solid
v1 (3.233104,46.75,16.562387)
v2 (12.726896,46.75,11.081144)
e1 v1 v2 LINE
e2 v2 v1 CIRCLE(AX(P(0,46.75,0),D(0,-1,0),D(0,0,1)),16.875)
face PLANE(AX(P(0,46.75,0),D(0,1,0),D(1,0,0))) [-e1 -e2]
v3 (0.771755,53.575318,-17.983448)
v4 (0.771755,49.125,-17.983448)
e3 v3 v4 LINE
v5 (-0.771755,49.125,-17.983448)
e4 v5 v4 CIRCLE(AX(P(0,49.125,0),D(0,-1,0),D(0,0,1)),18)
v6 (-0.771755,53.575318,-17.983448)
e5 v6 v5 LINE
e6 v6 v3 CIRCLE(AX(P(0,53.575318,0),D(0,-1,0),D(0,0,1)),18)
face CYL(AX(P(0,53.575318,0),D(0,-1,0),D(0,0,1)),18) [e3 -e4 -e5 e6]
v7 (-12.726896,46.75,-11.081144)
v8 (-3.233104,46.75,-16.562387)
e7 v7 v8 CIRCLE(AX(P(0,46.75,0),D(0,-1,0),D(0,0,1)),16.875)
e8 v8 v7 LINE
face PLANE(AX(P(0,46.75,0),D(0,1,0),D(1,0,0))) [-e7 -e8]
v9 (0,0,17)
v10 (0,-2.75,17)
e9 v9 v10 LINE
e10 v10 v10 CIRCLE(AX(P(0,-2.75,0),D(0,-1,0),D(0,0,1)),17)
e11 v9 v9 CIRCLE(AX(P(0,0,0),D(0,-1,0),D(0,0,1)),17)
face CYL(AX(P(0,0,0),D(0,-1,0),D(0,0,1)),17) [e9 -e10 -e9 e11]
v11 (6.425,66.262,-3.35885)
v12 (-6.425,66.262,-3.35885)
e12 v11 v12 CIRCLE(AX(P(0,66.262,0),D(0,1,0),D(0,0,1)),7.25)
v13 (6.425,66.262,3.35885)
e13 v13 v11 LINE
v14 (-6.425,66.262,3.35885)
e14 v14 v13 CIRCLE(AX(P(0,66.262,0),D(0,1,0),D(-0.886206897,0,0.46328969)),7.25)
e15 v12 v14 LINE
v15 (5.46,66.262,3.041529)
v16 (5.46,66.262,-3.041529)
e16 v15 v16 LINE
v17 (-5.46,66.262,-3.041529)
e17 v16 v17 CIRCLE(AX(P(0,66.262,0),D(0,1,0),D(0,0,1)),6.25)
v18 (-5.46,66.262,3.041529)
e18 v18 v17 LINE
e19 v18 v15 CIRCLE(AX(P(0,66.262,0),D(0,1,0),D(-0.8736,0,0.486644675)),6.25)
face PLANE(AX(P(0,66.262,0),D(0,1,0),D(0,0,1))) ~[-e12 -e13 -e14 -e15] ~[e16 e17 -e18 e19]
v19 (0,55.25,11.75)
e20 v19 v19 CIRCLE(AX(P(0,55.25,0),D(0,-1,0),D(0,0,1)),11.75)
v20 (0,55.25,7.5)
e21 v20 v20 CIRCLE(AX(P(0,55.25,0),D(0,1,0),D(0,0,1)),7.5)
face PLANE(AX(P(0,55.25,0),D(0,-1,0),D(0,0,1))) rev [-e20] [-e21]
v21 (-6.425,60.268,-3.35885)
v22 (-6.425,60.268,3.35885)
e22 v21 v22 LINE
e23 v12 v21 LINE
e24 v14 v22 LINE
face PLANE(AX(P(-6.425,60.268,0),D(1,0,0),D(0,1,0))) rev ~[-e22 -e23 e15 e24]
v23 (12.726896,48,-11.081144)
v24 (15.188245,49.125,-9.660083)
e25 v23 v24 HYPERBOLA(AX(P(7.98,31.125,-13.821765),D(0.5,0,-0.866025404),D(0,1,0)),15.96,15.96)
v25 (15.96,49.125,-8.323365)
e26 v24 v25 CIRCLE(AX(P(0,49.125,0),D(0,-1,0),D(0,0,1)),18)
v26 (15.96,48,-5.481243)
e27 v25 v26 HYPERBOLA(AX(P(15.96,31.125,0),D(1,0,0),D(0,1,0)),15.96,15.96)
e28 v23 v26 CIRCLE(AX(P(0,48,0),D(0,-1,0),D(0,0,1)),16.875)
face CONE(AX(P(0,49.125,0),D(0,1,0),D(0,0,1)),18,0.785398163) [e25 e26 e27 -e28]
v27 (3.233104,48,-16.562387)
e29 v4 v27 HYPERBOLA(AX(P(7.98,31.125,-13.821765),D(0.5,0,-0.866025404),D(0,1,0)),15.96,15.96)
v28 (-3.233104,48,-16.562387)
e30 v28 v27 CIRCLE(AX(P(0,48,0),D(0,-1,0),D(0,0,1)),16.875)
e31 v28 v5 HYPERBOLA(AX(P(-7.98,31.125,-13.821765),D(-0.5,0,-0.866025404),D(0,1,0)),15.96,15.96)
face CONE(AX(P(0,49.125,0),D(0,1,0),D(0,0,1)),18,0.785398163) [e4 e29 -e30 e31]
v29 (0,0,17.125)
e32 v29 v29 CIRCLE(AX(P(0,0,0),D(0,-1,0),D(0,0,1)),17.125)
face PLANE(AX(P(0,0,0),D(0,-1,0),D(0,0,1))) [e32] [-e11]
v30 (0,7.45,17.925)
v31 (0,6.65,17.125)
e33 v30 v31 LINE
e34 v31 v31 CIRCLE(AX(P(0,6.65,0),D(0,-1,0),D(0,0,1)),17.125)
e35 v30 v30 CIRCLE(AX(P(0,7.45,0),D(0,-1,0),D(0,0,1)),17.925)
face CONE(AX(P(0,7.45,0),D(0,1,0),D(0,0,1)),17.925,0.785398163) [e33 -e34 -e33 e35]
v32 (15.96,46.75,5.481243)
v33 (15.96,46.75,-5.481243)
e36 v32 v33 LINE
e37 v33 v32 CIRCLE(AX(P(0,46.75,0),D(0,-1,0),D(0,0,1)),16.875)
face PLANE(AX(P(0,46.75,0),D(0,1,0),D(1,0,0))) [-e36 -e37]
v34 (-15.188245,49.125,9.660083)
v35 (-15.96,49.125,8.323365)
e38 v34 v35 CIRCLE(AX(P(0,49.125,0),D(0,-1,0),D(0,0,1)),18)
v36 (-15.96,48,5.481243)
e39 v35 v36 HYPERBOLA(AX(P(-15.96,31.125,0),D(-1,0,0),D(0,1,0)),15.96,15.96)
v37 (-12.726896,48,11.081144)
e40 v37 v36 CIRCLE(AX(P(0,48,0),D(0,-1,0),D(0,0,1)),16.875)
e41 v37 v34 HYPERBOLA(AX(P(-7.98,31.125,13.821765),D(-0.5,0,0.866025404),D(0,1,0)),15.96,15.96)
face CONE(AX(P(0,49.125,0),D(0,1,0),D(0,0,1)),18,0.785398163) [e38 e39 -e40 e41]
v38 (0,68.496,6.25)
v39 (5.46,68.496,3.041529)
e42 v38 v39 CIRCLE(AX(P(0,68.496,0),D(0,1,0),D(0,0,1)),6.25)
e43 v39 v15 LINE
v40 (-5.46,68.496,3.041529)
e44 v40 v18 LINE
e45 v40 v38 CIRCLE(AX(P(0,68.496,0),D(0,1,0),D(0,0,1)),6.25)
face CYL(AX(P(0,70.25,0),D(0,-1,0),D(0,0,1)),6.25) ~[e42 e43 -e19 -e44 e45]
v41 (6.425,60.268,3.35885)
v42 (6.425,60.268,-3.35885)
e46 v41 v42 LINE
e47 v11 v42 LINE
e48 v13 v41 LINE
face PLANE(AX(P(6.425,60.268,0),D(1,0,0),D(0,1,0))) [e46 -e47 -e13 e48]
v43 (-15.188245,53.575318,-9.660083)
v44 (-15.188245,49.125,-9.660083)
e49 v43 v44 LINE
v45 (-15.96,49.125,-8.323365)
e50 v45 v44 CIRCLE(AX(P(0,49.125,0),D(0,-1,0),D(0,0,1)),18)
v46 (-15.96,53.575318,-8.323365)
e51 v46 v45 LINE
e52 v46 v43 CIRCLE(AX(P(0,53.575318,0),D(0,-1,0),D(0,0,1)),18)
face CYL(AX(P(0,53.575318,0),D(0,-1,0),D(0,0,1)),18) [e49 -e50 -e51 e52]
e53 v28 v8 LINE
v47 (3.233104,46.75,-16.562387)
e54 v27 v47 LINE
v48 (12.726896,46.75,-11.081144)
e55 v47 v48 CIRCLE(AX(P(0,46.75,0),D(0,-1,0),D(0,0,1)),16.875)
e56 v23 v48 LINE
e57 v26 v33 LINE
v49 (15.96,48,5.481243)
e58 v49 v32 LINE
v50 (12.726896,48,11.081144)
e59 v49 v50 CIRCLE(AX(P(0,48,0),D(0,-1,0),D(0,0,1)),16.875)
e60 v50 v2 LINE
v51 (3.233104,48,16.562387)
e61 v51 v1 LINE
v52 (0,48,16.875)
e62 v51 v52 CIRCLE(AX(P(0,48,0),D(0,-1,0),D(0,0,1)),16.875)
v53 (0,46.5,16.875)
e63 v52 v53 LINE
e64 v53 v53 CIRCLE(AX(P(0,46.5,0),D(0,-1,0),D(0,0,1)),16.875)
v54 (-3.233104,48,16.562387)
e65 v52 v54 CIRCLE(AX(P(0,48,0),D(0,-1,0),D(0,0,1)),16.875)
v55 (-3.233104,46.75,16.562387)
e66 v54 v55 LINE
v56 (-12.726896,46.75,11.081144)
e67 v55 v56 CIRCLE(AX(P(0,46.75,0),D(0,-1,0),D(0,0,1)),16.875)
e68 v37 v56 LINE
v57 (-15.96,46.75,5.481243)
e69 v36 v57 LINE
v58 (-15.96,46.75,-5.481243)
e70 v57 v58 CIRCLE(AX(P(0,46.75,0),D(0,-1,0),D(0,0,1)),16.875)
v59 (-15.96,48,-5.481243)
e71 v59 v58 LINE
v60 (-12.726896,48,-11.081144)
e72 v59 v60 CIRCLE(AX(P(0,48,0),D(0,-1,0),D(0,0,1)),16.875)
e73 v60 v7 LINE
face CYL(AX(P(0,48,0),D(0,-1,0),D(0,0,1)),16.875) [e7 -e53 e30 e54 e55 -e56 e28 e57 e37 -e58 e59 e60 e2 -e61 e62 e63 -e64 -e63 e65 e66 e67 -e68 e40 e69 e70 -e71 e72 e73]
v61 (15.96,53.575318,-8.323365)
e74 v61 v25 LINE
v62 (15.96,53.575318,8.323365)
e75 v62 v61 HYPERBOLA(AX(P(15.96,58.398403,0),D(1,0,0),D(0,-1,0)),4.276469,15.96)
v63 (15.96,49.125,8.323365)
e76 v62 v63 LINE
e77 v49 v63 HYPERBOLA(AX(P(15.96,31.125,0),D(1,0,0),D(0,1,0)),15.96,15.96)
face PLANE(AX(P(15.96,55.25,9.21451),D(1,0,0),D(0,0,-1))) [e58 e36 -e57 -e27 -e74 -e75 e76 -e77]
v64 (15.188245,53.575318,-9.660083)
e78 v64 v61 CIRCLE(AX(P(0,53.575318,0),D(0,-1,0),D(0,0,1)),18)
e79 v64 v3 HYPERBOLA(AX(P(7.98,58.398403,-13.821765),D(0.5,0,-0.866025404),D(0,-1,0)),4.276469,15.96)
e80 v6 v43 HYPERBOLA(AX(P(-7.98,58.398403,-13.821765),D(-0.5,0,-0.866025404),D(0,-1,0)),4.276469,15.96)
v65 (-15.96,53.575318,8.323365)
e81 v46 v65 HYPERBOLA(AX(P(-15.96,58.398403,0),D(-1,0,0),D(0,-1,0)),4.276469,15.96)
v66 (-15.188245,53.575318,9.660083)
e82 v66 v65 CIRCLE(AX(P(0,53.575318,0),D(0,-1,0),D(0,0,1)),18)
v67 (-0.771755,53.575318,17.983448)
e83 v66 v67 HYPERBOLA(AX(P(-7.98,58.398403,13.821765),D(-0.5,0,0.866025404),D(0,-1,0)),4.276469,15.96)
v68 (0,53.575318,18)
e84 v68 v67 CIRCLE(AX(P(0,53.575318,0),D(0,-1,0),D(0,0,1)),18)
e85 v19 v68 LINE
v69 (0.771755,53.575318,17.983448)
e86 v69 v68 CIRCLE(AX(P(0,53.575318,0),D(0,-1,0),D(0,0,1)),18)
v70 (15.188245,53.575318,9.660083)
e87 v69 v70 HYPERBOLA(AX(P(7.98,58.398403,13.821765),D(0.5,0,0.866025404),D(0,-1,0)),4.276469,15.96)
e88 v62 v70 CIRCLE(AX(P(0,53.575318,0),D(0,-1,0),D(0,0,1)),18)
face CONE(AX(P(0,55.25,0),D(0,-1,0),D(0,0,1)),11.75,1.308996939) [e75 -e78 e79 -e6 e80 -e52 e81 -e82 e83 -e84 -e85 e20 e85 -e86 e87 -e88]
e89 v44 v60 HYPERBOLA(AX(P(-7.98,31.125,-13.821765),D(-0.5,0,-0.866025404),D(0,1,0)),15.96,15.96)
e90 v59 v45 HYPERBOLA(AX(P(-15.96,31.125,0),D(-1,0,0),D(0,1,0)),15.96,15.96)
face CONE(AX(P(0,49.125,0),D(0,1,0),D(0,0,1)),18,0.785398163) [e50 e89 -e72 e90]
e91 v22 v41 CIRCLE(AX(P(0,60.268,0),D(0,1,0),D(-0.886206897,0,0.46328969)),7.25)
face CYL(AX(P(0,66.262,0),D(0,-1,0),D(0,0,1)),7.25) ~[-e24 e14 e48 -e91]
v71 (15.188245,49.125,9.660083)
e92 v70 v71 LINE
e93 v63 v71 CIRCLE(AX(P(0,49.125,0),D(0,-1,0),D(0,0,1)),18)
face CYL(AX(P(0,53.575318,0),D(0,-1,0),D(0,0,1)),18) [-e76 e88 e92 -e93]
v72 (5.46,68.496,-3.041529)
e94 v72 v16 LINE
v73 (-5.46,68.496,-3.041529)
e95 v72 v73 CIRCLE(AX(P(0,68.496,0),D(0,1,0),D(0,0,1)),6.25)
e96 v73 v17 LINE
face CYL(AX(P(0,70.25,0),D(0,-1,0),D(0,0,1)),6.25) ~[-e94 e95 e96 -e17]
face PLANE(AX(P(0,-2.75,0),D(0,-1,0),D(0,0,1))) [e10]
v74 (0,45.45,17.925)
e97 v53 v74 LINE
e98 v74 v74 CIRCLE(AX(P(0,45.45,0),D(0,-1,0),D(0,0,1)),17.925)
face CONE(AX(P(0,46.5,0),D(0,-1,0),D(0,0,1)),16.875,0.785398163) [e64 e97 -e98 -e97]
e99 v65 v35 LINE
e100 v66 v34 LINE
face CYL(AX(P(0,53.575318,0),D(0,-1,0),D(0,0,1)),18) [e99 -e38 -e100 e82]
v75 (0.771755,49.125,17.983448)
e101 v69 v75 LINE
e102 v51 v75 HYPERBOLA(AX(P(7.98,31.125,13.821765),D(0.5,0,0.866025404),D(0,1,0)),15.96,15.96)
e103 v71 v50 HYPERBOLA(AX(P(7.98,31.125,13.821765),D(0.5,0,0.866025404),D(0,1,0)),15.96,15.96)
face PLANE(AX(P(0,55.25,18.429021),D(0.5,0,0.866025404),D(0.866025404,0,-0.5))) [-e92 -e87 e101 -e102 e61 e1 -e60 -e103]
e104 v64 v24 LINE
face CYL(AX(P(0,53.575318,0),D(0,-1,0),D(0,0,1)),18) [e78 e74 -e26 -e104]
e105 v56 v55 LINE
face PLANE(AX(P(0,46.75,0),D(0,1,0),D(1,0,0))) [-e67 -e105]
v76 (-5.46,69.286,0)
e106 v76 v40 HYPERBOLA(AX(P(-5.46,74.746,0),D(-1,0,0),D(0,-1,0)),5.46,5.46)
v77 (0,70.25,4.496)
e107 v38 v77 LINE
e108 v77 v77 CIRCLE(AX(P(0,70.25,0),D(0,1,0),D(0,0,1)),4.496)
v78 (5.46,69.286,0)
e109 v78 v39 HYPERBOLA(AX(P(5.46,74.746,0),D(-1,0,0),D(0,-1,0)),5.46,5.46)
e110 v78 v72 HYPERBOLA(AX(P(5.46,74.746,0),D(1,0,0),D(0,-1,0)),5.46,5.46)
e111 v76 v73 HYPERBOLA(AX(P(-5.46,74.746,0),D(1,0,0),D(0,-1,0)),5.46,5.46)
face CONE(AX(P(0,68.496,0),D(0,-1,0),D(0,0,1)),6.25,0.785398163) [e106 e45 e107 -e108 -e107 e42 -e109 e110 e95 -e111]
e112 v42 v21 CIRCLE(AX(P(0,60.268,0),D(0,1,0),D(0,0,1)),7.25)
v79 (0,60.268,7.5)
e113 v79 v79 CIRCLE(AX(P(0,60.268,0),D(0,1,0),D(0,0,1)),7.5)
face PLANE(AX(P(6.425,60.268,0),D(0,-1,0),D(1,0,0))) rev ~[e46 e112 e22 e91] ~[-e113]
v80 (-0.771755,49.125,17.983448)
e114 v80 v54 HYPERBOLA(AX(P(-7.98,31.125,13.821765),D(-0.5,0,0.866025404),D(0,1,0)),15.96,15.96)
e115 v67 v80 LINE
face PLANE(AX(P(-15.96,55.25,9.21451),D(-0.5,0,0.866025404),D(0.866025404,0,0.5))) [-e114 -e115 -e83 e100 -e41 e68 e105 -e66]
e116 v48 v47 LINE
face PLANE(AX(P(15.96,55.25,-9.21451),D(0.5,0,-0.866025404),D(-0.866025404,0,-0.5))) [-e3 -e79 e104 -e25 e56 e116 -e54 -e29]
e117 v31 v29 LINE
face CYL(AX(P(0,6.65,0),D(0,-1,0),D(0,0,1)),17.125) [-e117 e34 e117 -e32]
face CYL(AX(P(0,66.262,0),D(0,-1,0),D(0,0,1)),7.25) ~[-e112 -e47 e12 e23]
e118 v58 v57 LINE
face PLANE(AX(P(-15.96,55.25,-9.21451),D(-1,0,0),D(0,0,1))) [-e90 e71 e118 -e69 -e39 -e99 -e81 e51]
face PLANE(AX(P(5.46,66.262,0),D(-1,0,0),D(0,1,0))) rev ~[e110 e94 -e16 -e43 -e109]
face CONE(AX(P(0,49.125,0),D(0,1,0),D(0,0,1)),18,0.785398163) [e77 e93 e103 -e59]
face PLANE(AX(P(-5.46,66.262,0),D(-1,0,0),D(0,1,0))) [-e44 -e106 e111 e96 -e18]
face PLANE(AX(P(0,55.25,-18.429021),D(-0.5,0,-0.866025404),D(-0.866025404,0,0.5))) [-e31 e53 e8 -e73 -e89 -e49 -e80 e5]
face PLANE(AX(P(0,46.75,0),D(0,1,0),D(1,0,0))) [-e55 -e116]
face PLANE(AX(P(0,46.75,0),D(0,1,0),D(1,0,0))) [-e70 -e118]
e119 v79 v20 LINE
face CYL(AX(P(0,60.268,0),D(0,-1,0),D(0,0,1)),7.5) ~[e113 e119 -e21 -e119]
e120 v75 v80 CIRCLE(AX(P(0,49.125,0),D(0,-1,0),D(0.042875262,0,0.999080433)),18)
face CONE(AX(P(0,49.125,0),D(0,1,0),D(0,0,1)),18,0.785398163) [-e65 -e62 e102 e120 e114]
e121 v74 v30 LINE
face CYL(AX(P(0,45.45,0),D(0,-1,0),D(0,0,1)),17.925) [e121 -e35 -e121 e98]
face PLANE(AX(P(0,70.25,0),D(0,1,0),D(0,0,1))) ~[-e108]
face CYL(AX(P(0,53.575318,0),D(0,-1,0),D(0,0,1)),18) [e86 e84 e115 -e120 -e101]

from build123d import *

# Parameters (mm, degrees)
SKETCH2_OUTSIDE_W       = 53.436
SKETCH2_OUTSIDE_H       = 53.436
CUT_EXTRUDE1_DEPTH      = 8.5
CHAMFER1_SIZE           = 1.754
SKETCH5_W               = 1.79
SKETCH5_H               = 3.988
CUT_EXTRUDE2_DEPTH      = 19
CUT_EXTRUDE2_DEPTH_BACK = 19
SKETCH6_W               = 1.075
SKETCH6_H               = 5.994
CUT_EXTRUDE3_DEPTH      = 19
CUT_EXTRUDE3_DEPTH_BACK = 19


with BuildPart() as part:
    # Sketch1 → Revolve1 (revolve)
    with BuildSketch(Plane.XY, mode=Mode.PRIVATE) as revolve1_sk:
        Polygon((-17.125, 0), (-17, 0), (-17, -2.75), (0, -2.75), (0, 55.25), (-11.75, 55.25), (-18, 53.575317547), (-18, 49.125), (-16.875, 48), (-16.875, 46.5), (-17.925, 45.45), (-17.925, 7.45), (-17.125, 6.65), align=None)
    revolve(revolve1_sk.sketch.rotate(Axis((0, 0, 0), (0, -1, 0)), 270), axis=Axis((0, 0, 0), (0, -1, 0)))  # turned: the seam where the file's is

    # Sketch2 outside → Cut-Extrude1 (cut)
    with BuildSketch(Plane(origin=(0, 55.25, 0), x_dir=(1, 0, 0), z_dir=(0, 1, 0))):
        Rectangle(SKETCH2_OUTSIDE_W, SKETCH2_OUTSIDE_H)
        Polygon((0, 18.429020593), (-15.96, 9.214510296), (-15.96, -9.214510296), (0, -18.429020593), (15.96, -9.214510296), (15.96, 9.214510296), align=None, mode=Mode.SUBTRACT)
    extrude(amount=-CUT_EXTRUDE1_DEPTH, mode=Mode.SUBTRACT)

    # Sketch4 → Revolve2 (revolve)
    with BuildSketch(Plane.XY, mode=Mode.PRIVATE) as revolve2_sk:
        Polygon((0, 70.25), (-6.25, 70.25), (-6.25, 66.262), (-7.25, 66.262), (-7.25, 60.268), (-7.5, 60.268), (-7.5, 55.25), (0, 55.25), align=None)
    revolve(revolve2_sk.sketch.rotate(Axis((0, 0, 0), (0, 1, 0)), 90), axis=Axis((0, 0, 0), (0, 1, 0)))  # turned: the seam where the file's is

    # Chamfer1
    chamfer1_edges = [part.edges().sort_by_distance(p)[0] for p in [
        (0, 70.25, -6.25),
    ]]
    chamfer(chamfer1_edges, length=CHAMFER1_SIZE)

    # Sketch5 → Cut-Extrude2 (cut, two sides)
    with BuildSketch(Plane.XY) as cut_extrude2_sk:
        with Locations((-6.355, 68.256)):
            Rectangle(SKETCH5_W, SKETCH5_H)
        with Locations((6.355, 68.256)):
            Rectangle(SKETCH5_W, SKETCH5_H)
    extrude(amount=CUT_EXTRUDE2_DEPTH, mode=Mode.SUBTRACT)
    extrude(cut_extrude2_sk.sketch, amount=-CUT_EXTRUDE2_DEPTH_BACK, mode=Mode.SUBTRACT)

    # Sketch6 → Cut-Extrude3 (cut, two sides)
    with BuildSketch(Plane.XY) as cut_extrude3_sk:
        with Locations((-6.9625, 63.265)):
            Rectangle(SKETCH6_W, SKETCH6_H)
        with Locations((6.9625, 63.265)):
            Rectangle(SKETCH6_W, SKETCH6_H)
    extrude(amount=CUT_EXTRUDE3_DEPTH, mode=Mode.SUBTRACT)
    extrude(cut_extrude3_sk.sketch, amount=-CUT_EXTRUDE3_DEPTH_BACK, mode=Mode.SUBTRACT)


solid = part.part
